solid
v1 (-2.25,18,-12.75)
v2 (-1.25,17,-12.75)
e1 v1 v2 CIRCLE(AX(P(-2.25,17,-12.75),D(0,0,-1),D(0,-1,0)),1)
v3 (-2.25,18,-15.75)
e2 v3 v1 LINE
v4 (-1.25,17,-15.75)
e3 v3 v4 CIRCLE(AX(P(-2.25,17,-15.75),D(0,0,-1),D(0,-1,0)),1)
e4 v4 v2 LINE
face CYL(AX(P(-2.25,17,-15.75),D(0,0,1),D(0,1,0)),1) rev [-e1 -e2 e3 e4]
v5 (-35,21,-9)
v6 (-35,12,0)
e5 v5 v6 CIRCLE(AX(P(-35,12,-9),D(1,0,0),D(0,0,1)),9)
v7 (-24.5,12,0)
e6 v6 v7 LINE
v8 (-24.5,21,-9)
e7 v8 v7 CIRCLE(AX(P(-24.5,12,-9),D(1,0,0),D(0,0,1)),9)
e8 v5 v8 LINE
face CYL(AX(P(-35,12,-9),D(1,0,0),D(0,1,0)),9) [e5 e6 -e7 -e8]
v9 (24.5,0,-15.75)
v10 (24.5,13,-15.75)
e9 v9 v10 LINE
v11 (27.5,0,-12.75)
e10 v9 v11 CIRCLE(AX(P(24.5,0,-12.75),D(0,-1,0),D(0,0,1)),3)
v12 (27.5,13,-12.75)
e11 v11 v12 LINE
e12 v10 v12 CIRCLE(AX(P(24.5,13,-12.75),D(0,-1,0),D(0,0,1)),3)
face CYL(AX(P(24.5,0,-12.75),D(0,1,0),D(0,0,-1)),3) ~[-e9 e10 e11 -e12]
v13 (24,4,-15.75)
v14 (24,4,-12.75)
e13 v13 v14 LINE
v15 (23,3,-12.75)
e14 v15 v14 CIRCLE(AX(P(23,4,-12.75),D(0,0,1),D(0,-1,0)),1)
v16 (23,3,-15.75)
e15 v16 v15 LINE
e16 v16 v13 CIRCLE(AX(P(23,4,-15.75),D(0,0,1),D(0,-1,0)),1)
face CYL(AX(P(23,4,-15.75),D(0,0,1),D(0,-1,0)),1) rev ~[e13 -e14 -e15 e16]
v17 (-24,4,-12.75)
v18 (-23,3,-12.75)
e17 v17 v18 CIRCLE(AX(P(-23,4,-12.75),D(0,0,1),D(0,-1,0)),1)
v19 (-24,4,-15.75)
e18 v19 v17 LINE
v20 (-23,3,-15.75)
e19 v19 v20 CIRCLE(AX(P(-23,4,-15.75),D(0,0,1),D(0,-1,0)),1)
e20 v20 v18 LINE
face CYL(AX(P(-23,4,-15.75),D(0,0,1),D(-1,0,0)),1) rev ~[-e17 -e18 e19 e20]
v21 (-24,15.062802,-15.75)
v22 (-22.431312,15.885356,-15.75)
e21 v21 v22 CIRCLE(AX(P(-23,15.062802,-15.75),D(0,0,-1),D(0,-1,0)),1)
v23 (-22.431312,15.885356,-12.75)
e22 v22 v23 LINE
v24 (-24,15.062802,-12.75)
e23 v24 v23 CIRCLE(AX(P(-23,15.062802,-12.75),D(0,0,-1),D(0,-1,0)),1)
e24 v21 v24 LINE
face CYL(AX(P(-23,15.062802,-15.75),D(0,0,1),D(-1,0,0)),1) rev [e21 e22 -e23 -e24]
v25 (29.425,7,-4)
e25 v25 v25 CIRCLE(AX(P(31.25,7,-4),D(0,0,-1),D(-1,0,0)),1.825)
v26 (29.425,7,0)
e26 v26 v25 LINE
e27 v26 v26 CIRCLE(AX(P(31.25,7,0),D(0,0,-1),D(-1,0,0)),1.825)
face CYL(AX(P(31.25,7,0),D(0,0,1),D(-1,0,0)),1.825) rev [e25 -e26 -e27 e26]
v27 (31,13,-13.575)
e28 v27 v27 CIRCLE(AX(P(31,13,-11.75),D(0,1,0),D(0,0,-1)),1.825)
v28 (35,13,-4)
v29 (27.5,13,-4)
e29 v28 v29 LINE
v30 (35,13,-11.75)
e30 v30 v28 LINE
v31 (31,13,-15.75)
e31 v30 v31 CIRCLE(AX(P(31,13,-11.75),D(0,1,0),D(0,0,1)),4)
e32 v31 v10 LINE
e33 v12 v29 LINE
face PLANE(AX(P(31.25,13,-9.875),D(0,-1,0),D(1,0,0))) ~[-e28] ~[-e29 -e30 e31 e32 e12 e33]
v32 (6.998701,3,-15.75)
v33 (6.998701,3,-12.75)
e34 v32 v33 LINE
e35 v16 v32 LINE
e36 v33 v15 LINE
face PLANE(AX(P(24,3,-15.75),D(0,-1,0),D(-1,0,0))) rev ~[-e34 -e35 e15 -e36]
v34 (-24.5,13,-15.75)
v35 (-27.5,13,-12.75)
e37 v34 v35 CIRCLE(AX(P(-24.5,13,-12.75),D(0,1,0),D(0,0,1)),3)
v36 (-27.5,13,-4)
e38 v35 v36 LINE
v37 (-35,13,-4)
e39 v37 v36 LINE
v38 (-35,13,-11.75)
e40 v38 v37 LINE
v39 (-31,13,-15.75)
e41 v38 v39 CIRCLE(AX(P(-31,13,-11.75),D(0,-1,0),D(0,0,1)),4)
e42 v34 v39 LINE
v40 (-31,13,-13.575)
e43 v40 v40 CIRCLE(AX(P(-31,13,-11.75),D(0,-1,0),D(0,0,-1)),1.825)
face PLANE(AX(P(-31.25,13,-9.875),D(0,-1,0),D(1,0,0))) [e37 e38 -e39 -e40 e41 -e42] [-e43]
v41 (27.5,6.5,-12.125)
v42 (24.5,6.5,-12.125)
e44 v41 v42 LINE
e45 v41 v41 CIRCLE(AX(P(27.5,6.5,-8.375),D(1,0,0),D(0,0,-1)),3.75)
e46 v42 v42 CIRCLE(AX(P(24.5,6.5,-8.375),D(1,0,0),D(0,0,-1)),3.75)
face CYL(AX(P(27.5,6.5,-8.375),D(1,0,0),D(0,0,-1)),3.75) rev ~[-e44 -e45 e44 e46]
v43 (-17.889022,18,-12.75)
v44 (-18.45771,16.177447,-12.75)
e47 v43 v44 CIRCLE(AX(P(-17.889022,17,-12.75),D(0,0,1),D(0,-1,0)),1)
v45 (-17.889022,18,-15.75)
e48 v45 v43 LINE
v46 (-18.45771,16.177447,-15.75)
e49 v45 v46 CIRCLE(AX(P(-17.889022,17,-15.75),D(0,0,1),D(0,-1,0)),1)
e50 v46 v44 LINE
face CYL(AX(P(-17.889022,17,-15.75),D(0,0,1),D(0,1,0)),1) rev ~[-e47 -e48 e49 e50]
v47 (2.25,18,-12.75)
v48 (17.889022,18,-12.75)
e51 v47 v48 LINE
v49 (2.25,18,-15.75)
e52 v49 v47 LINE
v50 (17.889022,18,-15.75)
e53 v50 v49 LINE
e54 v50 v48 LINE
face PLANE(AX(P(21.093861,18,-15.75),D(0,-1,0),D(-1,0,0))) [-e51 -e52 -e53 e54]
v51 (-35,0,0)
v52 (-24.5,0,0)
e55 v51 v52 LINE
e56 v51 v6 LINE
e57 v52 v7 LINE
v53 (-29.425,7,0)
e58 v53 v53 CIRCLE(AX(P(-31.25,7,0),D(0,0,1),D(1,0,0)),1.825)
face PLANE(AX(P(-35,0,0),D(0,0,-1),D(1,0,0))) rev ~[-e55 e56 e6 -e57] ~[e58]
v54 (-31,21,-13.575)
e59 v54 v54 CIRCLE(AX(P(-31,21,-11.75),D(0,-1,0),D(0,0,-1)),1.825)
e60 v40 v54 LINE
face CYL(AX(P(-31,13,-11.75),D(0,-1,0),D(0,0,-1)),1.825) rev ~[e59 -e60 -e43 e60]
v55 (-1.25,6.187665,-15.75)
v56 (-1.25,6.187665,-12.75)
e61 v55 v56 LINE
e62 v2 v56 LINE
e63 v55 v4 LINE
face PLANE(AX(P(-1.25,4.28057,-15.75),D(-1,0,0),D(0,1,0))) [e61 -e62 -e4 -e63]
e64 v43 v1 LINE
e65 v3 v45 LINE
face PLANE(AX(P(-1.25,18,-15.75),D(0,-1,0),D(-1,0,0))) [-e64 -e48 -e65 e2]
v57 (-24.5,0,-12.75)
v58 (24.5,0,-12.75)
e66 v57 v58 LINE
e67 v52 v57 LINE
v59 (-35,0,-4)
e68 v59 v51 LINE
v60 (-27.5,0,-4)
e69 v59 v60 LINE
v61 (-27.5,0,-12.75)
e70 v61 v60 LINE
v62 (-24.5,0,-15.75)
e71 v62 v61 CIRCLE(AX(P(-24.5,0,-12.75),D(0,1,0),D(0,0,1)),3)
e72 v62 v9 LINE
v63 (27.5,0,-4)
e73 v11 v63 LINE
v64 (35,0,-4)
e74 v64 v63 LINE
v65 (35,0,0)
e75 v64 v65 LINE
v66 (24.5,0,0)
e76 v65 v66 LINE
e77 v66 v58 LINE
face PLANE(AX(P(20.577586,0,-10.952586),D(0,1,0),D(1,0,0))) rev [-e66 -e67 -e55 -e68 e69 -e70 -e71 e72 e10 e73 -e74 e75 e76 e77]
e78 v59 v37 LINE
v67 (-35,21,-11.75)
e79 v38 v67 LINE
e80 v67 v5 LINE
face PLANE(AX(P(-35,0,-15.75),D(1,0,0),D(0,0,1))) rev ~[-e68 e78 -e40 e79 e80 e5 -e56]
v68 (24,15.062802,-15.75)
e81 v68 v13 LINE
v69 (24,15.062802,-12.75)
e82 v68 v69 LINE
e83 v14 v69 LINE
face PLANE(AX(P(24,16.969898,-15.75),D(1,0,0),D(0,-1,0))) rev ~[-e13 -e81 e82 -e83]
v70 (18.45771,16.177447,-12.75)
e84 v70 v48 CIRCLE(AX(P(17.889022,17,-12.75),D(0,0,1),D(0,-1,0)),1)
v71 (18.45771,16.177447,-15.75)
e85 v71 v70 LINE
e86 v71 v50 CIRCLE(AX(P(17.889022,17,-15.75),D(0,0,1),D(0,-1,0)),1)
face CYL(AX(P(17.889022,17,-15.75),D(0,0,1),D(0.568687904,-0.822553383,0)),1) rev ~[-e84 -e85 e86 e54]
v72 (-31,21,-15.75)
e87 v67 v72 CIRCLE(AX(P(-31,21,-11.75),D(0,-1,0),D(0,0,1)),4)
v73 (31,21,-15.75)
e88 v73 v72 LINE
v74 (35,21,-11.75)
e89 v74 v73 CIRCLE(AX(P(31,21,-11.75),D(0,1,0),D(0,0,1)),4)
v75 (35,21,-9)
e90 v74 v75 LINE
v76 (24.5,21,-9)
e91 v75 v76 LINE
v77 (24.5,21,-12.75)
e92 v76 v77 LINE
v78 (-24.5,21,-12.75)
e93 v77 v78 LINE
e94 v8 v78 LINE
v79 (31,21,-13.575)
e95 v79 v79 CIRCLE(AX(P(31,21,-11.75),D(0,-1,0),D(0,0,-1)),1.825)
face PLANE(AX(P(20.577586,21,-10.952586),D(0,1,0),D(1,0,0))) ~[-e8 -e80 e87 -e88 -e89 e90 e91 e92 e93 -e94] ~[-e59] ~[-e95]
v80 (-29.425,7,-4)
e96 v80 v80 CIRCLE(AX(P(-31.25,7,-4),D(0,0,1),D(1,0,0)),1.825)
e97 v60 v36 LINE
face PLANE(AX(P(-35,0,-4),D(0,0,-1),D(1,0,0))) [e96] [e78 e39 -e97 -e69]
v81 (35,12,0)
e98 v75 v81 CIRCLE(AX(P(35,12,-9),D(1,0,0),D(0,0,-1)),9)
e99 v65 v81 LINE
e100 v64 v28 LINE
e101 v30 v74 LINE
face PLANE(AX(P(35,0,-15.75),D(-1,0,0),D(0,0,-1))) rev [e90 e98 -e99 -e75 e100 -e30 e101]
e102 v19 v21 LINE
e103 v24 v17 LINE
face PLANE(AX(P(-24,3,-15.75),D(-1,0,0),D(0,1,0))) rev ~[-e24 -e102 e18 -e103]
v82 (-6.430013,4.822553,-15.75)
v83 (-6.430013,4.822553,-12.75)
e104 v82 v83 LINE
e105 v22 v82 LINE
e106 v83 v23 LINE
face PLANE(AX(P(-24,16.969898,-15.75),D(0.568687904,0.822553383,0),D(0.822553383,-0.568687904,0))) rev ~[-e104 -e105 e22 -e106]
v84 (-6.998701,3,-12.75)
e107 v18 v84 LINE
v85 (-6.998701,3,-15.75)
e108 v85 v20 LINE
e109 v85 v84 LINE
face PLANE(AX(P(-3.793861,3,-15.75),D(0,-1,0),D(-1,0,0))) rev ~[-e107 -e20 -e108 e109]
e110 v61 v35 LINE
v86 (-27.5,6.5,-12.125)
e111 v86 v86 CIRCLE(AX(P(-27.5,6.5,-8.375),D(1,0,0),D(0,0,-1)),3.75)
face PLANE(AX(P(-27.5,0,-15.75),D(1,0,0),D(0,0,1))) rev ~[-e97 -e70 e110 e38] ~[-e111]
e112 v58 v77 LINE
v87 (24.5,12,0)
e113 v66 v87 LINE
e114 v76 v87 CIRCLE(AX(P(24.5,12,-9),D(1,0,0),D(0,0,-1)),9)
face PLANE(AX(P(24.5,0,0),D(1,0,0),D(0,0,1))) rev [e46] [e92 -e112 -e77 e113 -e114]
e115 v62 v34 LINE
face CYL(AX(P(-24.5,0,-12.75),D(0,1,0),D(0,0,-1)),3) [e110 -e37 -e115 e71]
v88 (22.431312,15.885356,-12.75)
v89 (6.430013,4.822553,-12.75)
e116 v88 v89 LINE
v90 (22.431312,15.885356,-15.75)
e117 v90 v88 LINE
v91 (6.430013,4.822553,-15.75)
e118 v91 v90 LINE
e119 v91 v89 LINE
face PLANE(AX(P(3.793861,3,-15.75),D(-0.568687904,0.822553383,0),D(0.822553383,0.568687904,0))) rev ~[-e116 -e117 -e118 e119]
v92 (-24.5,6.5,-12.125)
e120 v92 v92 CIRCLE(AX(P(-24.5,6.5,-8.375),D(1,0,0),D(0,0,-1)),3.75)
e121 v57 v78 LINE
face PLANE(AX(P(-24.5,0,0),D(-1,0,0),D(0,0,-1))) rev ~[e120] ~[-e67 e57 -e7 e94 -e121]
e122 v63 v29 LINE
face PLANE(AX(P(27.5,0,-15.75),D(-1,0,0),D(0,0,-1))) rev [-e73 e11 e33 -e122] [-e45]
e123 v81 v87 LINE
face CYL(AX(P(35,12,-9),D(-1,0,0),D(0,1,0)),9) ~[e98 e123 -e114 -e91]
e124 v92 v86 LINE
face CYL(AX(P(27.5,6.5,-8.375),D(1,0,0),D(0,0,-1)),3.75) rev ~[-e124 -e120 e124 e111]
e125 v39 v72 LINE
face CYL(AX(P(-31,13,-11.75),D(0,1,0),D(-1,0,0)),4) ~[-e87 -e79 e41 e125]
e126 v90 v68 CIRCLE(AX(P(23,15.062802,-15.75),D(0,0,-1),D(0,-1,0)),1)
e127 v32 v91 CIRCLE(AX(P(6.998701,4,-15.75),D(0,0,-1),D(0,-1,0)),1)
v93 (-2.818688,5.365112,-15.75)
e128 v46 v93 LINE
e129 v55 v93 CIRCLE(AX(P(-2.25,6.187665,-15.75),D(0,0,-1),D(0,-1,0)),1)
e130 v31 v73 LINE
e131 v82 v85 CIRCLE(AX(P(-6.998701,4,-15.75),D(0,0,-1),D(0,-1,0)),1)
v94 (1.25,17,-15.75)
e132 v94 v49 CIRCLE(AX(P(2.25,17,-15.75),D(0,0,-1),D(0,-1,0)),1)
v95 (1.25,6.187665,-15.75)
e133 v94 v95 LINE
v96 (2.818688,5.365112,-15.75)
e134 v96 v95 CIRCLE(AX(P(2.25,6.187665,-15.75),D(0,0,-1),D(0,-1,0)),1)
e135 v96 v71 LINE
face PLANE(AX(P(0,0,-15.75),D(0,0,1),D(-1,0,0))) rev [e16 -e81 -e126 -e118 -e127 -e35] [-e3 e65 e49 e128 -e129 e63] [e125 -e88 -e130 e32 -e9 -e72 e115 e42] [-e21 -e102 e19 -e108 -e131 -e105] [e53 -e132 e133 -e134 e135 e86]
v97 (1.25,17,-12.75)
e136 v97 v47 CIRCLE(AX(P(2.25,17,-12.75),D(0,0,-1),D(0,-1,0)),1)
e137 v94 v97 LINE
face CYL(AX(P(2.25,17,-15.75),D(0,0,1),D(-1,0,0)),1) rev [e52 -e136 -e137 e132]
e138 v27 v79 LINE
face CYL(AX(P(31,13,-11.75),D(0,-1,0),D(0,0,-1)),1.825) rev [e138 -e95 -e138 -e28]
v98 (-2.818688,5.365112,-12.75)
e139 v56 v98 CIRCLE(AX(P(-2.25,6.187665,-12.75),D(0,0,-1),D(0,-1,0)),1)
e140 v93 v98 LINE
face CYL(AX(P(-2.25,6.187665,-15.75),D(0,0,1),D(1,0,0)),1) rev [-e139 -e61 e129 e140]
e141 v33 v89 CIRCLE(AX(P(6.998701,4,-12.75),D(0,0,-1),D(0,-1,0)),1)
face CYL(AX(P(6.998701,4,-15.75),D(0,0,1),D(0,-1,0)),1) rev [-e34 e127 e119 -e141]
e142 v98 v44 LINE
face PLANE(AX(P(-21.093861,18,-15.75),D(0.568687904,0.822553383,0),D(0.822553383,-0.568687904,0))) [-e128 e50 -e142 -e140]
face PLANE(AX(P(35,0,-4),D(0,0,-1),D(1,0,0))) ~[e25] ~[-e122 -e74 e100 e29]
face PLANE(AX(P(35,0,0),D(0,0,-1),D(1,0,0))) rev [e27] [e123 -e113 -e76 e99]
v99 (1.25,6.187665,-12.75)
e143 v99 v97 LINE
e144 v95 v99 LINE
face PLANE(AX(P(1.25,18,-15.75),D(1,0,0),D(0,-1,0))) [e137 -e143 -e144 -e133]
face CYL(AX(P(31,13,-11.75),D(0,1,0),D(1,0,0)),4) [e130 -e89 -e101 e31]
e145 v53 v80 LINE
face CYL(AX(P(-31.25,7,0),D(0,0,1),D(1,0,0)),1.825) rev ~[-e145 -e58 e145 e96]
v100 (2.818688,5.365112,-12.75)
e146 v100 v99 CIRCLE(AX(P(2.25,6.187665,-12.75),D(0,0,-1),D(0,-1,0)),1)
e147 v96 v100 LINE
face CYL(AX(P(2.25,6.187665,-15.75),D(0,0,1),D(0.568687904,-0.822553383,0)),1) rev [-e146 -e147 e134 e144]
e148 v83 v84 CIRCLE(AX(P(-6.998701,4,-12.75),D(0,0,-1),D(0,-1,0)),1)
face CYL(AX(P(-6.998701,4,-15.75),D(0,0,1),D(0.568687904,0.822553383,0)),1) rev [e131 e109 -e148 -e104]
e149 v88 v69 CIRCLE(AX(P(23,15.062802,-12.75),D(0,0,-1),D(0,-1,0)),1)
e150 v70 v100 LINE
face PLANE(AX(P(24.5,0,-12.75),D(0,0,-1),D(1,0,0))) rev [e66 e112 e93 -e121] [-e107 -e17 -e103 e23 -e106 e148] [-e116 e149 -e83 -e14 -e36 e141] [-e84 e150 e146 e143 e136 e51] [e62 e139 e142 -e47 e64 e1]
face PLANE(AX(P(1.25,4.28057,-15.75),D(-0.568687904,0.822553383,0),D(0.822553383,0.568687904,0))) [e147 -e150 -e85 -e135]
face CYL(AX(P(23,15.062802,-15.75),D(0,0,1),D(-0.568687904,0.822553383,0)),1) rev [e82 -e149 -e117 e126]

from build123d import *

# Parameters (mm, degrees)
BOSS_EXTRUDE1_DEPTH  = 21
SKETCH2_R            = 1.825
CUT_EXTRUDE1_DEPTH   = 4
SKETCH3_W            = 7.5
SKETCH3_H            = 11.75
CUT_EXTRUDE2_DEPTH   = 13
FILLET1_R            = 4
SKETCH5_R            = 1.825
CUT_EXTRUDE3_DEPTH   = 41.522370365
FILLET1_OF_MIRROR1_R = 4
CUT_EXTRUDE5_DEPTH   = 44.75
FILLET2_R            = 1
FILLET3_R            = 9
FILLET4_R            = 3
SKETCH11_R           = 3.75
CUT_EXTRUDE6_DEPTH   = 68.788734315


with BuildPart() as part:
    # Sketch1 → Boss-Extrude1 (new body)
    with BuildSketch(Plane(origin=(0, 0, 0), x_dir=(1, 0, 0), z_dir=(0, 1, 0))):
        Polygon((-24.5, 0), (-24.5, 12.75), (0, 12.75), (0, 15.75), (-35, 15.75), (-35, 0), align=None)
    boss_extrude1 = extrude(amount=BOSS_EXTRUDE1_DEPTH)

    # Sketch2 → Cut-Extrude1 (cut)
    with BuildSketch(Plane.XY):
        with Locations((-31.25, 7)):
            Circle(SKETCH2_R)
    cut_extrude1 = extrude(amount=-CUT_EXTRUDE1_DEPTH, mode=Mode.SUBTRACT)

    # Sketch3 → Cut-Extrude2 (cut)
    with BuildSketch(Plane.XZ):
        with Locations((-31.25, -9.875)):
            Rectangle(SKETCH3_W, SKETCH3_H)
    cut_extrude2 = extrude(amount=-CUT_EXTRUDE2_DEPTH, mode=Mode.SUBTRACT)

    # Fillet1
    fillet1_edges = [part.edges().sort_by_distance(p)[0] for p in [
        (-35, 17, -15.75),
    ]]
    fillet(fillet1_edges, radius=FILLET1_R)

    # Sketch5 → Cut-Extrude3 (cut, through all)
    with BuildSketch(Plane.XZ.offset(-13)):
        with Locations(Location((-31, -11.75, 0), (0, 0, 270))):
            Circle(SKETCH5_R)
    cut_extrude3 = extrude(amount=-CUT_EXTRUDE3_DEPTH, mode=Mode.SUBTRACT)

    # Mirror1: Boss-Extrude1, Cut-Extrude1, Cut-Extrude2, Cut-Extrude3 across plane
    add(boss_extrude1.mirror(Plane(origin=(0, 21, 0), x_dir=(0, 0, 1), z_dir=(-1, 0, 0))))
    add(cut_extrude1.mirror(Plane(origin=(0, 21, 0), x_dir=(0, 0, 1), z_dir=(-1, 0, 0))), mode=Mode.SUBTRACT)
    add(cut_extrude2.mirror(Plane(origin=(0, 21, 0), x_dir=(0, 0, 1), z_dir=(-1, 0, 0))), mode=Mode.SUBTRACT)
    add(cut_extrude3.mirror(Plane(origin=(0, 21, 0), x_dir=(0, 0, 1), z_dir=(-1, 0, 0))), mode=Mode.SUBTRACT)

    # Fillet1 of Mirror1
    fillet1_of_mirror1_edges = [part.edges().sort_by_distance(p)[0] for p in [
        (35, 17, -15.75),
    ]]
    fillet(fillet1_of_mirror1_edges, radius=FILLET1_OF_MIRROR1_R)

    # Sketch10 → Cut-Extrude5 (cut, through all)
    with BuildSketch(Plane(origin=(0, 0, -15.75), x_dir=(-1, 0, 0), z_dir=(0, 0, -1))):
        Polygon((-24, 3), (-3.793861182, 3), (-24, 16.969897852), align=None)
        Polygon((-21.093861182, 18), (-1.25, 18), (-1.25, 4.280569672), align=None)
        Polygon((24, 3), (24, 16.969897852), (3.793861182, 3), align=None)
        Polygon((21.093861182, 18), (1.25, 4.280569672), (1.25, 18), align=None)
    extrude(amount=-CUT_EXTRUDE5_DEPTH, mode=Mode.SUBTRACT)

    # Fillet2
    fillet2_edges = [part.edges().sort_by_distance(p)[0] for p in [
        (-24, 3, -14.25),
        (-3.793861182, 3, -14.25),
        (-24, 16.969897852, -14.25),
        (24, 3, -14.25),
        (24, 16.969897852, -14.25),
        (3.793861182, 3, -14.25),
        (-1.25, 18, -14.25),
        (-21.093861182, 18, -14.25),
        (-1.25, 4.280569672, -14.25),
        (1.25, 4.280569672, -14.25),
        (21.093861182, 18, -14.25),
        (1.25, 18, -14.25),
    ]]
    fillet(fillet2_edges, radius=FILLET2_R)

    # Fillet3
    fillet3_edges = [part.edges().sort_by_distance(p)[0] for p in [
        (-29.75, 21, 0),
        (29.75, 21, 0),
    ]]
    fillet(fillet3_edges, radius=FILLET3_R)

    # Fillet4
    fillet4_edges = [part.edges().sort_by_distance(p)[0] for p in [
        (-27.5, 6.5, -15.75),
        (27.5, 6.5, -15.75),
    ]]
    fillet(fillet4_edges, radius=FILLET4_R)

    # Sketch11 → Cut-Extrude6 (cut, through all)
    with BuildSketch(Plane(origin=(27.5, 0, 0), x_dir=(0, 0, -1), z_dir=(1, 0, 0))):
        with Locations((8.375, 6.5)):
            Circle(SKETCH11_R)
    extrude(amount=-CUT_EXTRUDE6_DEPTH, mode=Mode.SUBTRACT)


solid = part.part
